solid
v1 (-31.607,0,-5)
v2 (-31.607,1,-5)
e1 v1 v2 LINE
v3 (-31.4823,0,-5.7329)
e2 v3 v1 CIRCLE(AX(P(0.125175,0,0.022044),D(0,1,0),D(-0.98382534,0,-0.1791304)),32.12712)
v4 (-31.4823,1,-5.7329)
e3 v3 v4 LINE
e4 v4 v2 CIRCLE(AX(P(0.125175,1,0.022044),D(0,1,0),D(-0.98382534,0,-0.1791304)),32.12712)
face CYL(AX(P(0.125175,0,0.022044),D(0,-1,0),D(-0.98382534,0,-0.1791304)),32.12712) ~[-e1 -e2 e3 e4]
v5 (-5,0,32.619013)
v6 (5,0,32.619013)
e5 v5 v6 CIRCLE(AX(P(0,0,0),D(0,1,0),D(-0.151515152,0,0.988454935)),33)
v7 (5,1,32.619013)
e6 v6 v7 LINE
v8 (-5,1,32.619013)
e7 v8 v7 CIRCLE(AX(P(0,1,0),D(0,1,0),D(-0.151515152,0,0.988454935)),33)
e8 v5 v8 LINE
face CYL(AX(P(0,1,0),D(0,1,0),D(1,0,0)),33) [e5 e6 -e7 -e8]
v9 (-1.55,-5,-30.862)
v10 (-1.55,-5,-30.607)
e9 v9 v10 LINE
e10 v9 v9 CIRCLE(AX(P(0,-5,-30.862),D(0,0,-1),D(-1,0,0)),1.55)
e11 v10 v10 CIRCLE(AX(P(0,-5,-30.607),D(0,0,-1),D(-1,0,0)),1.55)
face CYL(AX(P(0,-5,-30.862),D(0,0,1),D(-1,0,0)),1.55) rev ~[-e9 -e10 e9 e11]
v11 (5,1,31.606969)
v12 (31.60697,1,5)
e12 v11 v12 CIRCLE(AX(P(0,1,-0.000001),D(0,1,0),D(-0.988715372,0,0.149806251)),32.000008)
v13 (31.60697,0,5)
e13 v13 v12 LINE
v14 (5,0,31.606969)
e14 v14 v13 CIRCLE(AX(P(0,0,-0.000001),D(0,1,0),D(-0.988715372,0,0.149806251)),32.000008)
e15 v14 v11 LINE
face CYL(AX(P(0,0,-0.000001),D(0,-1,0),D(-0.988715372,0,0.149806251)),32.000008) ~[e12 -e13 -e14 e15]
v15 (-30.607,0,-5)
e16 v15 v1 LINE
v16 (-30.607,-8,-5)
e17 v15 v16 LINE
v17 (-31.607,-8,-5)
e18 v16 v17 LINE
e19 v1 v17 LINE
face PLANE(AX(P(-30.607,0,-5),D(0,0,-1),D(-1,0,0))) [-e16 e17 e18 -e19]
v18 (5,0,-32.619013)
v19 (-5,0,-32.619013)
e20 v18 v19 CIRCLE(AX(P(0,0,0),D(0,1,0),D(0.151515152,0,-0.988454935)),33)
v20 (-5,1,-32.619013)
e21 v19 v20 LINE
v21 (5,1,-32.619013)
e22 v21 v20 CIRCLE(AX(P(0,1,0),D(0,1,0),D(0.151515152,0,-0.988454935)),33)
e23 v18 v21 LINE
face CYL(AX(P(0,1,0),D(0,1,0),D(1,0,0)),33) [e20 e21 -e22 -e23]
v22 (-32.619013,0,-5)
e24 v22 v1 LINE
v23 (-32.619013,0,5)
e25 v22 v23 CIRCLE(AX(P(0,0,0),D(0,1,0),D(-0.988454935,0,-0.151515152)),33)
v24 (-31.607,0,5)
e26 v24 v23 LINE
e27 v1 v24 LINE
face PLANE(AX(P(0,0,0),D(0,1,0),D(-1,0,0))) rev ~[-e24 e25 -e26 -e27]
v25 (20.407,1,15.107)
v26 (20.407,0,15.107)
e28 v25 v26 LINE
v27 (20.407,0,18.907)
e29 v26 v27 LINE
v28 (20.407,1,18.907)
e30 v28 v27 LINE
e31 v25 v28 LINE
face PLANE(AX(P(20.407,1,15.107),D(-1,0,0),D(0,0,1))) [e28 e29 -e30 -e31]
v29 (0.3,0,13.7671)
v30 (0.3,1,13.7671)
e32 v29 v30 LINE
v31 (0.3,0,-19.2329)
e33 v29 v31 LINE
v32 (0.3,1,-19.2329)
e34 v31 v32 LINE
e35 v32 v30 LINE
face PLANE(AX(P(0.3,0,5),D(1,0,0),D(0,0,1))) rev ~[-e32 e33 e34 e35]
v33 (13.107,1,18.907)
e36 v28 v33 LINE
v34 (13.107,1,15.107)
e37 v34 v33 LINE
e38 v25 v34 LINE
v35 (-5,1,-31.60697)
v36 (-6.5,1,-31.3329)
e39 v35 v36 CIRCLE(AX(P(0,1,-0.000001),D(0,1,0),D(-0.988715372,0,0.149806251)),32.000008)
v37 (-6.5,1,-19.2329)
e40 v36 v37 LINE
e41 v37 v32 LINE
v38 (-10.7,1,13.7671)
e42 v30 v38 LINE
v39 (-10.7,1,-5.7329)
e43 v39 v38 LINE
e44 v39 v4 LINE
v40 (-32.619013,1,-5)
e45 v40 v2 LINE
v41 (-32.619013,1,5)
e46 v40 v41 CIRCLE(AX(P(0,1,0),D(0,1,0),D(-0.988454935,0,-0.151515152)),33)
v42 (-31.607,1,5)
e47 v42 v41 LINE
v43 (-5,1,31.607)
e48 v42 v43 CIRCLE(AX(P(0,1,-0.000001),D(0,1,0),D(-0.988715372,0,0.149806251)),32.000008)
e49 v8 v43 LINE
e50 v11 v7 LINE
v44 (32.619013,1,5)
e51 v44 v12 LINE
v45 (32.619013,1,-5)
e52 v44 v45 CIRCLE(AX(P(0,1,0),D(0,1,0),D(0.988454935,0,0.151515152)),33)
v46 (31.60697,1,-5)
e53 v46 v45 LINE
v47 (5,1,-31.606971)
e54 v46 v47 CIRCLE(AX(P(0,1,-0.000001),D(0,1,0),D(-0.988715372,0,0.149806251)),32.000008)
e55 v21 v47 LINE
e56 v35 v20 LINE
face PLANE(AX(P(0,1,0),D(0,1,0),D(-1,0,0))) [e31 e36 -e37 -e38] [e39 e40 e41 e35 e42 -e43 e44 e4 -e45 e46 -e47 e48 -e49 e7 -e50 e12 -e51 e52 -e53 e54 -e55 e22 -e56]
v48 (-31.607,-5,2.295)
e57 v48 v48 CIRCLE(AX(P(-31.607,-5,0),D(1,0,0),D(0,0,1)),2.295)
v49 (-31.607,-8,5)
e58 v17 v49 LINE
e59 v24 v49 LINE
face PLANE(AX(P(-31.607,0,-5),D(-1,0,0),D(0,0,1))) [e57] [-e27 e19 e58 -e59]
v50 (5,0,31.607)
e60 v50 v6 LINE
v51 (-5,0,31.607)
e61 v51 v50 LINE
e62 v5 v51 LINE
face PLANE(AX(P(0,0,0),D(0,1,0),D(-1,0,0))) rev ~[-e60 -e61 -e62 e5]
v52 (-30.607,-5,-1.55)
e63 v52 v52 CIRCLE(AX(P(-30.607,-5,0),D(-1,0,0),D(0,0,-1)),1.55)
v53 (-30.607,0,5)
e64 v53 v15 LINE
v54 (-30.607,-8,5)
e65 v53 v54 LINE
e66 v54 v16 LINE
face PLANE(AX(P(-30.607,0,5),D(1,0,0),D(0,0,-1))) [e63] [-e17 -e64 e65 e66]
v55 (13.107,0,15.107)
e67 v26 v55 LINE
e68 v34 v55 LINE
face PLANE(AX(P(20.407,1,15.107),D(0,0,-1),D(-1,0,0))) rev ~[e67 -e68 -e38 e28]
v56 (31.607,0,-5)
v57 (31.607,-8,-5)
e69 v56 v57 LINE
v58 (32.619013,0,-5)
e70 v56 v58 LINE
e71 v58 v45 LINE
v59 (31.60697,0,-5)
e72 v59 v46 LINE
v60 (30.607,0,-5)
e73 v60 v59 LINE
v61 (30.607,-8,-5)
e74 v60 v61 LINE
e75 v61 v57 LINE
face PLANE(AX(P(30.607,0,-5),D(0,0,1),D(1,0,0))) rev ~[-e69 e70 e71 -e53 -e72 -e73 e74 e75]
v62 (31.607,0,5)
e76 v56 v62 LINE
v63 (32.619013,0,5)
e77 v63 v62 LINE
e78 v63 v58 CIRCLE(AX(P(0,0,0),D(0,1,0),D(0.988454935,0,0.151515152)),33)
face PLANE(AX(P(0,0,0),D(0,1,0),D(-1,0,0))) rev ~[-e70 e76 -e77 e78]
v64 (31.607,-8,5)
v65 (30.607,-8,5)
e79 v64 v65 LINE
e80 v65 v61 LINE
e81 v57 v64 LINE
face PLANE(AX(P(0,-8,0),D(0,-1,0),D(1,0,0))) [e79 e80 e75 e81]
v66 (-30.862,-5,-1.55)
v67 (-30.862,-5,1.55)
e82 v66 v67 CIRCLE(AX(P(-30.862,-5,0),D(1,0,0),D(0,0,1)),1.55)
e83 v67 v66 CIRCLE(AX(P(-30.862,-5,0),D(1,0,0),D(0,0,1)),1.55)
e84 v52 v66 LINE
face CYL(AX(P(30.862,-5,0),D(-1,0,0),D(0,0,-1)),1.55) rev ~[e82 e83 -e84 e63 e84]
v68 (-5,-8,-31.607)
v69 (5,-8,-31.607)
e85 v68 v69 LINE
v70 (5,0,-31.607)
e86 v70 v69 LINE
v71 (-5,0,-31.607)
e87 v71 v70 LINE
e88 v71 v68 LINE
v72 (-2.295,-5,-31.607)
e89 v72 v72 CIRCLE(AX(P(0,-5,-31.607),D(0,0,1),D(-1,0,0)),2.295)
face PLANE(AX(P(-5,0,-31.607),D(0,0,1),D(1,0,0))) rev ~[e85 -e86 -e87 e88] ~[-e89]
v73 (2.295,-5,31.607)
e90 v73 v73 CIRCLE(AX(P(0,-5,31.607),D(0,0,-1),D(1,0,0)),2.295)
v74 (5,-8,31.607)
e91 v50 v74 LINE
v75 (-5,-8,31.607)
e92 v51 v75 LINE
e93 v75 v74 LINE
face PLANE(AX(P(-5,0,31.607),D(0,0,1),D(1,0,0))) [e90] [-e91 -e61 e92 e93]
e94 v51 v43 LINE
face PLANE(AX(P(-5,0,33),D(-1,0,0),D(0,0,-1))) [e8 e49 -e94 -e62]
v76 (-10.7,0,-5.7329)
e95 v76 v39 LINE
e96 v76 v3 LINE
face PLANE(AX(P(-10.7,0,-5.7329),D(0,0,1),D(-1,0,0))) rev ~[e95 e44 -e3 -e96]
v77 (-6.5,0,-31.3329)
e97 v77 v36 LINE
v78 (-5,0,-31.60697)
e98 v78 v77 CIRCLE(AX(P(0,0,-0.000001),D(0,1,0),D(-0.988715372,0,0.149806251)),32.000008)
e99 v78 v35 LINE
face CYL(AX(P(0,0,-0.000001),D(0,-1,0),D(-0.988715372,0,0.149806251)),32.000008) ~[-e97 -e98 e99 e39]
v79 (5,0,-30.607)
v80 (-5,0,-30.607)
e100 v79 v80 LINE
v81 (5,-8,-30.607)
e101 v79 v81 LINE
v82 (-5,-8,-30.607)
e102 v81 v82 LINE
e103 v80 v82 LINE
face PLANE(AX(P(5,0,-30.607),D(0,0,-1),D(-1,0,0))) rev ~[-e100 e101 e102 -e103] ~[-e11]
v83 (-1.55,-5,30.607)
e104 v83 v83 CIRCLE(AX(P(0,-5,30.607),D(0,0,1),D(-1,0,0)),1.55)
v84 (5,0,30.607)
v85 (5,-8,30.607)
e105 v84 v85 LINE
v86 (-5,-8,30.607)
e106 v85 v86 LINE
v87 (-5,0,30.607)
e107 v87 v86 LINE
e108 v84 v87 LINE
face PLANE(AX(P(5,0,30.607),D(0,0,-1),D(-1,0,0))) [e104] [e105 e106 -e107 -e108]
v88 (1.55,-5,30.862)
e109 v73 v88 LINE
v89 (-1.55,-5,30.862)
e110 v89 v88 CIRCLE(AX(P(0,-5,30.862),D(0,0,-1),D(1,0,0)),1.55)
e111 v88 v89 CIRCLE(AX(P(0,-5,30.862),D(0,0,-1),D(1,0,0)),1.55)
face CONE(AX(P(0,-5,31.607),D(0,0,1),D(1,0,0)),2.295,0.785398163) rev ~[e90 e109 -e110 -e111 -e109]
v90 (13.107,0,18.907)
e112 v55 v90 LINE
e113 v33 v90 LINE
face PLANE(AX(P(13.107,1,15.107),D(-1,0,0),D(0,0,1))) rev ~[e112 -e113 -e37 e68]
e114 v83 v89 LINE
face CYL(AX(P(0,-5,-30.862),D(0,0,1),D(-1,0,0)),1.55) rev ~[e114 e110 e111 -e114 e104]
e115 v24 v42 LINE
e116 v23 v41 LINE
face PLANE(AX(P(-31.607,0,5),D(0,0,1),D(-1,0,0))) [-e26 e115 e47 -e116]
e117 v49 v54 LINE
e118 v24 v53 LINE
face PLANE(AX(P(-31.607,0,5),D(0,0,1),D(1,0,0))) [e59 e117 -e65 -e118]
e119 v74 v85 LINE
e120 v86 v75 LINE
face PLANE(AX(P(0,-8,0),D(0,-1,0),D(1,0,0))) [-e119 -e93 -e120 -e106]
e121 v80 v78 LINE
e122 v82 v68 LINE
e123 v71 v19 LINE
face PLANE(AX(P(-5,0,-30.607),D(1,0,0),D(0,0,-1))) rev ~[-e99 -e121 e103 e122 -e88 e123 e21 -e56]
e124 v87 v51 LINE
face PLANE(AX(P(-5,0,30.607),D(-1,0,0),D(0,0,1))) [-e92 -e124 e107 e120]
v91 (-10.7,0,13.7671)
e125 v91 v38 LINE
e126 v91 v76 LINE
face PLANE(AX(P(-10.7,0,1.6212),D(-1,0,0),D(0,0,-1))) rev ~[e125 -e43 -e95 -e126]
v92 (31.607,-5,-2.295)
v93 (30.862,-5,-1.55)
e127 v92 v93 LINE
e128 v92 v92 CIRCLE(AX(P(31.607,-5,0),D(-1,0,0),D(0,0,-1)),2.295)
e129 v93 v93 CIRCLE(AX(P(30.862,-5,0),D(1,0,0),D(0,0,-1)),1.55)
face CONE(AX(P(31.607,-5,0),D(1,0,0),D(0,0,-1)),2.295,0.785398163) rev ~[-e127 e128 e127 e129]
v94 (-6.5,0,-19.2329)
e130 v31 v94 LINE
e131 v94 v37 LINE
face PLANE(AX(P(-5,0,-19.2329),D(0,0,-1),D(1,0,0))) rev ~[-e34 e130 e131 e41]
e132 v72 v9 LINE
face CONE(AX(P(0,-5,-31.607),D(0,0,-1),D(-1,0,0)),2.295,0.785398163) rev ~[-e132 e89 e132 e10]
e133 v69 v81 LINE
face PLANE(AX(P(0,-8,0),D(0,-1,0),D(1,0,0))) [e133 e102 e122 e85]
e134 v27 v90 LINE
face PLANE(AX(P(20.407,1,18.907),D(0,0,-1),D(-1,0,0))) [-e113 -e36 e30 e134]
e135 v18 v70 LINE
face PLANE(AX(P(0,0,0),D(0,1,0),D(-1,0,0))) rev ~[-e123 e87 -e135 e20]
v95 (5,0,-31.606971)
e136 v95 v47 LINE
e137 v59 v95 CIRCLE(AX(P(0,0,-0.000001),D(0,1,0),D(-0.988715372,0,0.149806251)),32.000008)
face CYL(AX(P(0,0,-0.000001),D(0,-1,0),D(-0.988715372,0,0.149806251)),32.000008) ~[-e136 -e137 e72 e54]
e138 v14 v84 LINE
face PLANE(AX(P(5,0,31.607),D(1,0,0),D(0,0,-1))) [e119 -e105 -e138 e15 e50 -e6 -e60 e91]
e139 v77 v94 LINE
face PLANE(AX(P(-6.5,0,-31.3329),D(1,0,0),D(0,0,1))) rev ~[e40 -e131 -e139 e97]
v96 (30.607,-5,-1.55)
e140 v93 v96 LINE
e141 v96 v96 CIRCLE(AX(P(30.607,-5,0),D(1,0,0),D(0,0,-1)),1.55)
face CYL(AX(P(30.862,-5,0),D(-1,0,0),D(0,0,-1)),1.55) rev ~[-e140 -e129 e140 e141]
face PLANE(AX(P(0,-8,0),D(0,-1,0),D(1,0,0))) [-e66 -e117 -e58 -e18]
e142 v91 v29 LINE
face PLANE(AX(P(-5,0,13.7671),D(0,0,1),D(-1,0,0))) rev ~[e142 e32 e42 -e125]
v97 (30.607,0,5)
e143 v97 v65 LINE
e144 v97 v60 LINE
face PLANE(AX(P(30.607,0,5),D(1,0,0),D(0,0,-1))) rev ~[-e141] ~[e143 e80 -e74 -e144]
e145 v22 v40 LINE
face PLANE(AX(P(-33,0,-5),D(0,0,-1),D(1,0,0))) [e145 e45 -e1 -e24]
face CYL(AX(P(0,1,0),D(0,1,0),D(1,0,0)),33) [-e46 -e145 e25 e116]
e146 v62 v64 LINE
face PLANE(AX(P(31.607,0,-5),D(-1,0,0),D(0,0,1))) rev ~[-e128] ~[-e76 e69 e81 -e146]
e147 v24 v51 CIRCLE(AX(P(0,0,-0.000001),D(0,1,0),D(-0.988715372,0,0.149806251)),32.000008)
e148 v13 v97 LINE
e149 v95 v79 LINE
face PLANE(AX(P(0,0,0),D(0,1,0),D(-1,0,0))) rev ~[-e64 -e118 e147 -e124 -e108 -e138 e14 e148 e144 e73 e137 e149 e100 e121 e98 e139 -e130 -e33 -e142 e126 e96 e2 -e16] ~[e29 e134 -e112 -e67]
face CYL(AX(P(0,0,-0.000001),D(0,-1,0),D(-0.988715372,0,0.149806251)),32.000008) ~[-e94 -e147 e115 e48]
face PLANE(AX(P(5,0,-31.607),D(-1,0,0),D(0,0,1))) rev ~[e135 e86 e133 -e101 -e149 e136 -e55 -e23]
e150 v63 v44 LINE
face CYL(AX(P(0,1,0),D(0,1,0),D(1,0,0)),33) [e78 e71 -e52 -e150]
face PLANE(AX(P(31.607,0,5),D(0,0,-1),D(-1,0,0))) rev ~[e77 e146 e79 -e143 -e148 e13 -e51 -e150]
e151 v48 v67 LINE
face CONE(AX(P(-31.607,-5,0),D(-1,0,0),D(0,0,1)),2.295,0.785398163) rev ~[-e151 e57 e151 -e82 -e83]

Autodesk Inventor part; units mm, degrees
ref_plane "YZ Plane" through (0, 0, 0) normal (1, 0, 0) x (0, 1, 0)
ref_plane "XZ Plane" through (0, 0, 0) normal (0, 1, 0) x (-1, 0, 0)
sketch "Sketch1" plane through (0, 0, 0) normal (0, 1, 0) x (-1, 0, 0)
  arc A0 (31.6389, 4.7938) -> (6.5, -31.3329) centre (0, 0) ccw
  line L0 (-5, 33) -> (5, 33)
  line L1 (5, 33) -> (5, 31.607)
  line L2 (5, -33) -> (-5, -33)
  line L3 (-5, -33) -> (-5, 5)
  line L4 (-5, 33) -> (5, -33) construction
  line L5 (5, 33) -> (-5, -33) construction
  line L6 (-33, 5) -> (-5, 5)
  line L7 (33, 5) -> (33, -5)
  line L8 (33, -5) -> (31.607, -5)
  line L9 (-33, -5) -> (-33, 5)
  line L10 (-33, 5) -> (33, -5) construction
  line L11 (33, 5) -> (-33, -5) construction
  arc A1 (4.7938, -31.6389) -> (6.5, -31.3329) centre (0, 0) ccw
  line L12 (6.5, -31.3329) -> (6.5, -19.2329)
  line L13 (6.5, -19.2329) -> (-0.3, -19.2329)
  line L14 (-0.3, -19.2329) -> (-0.3, -5.7329)
  line L15 (-0.3, 13.7671) -> (5, 13.7671)
  line L16 (10.7, 13.7671) -> (10.7, 5)
  line L17 (10.7, -5.7329) -> (31.4823, -5.7329)
  arc A2 (31.4823, -5.7329) -> (31.607, -5) centre (0, 0) ccw
  arc A3 (31.6389, -4.7938) -> (31.6389, 4.7938) centre (0, 0) ccw
  line L18 (5, -19.2329) -> (5, -33)
  line L19 (5, 13.7671) -> (5, 5)
  line L20 (10.7, 1.6212) -> (10.7, -5.7329)
  line L21 (-0.3, -5) -> (-0.3, 5)
  arc A4 (6.5, -31.3329) -> (10.7, -30.1581) centre (0, 0) ccw
  line L22 (5, -5) -> (0.7576, -5)
  line L23 (5, 5) -> (10.7, 5)
  line L24 (-5, 5) -> (-0.3, 5)
  line L25 (-5, -5) -> (-33, -5)
  line L26 (-5, 5) -> (-5, 33)
  line L27 (5, 5) -> (5, -5)
  line L28 (5, 31.607) -> (5, 13.7671)
  arc A5 (10.7, -30.1581) -> (31.4823, -5.7329) centre (0, 0) ccw
  arc A6 (6.5, -31.3329) -> (31.6389, -4.7938) centre (0, 0) ccw
  line L29 (-0.3, -5.7329) -> (-0.3, -5)
  line L30 (5, -5) -> (5, -5.7329)
  line L31 (10.7, 5) -> (31.607, 5)
  line L32 (10.7, -5) -> (5, -5)
  line L33 (0.7576, 5) -> (5, 5)
  line L34 (-0.3, 5) -> (0.7576, 5)
  line L35 (5, 13.7671) -> (10.7, 13.7671)
  line L36 (-0.3, 5) -> (-0.3, 13.7671)
  line L37 (31.607, 5) -> (33, 5)
  line L38 (10.7, 5) -> (10.7, 1.6212)
  line L39 (31.607, -5) -> (10.7, -5)
  line L40 (0.7576, -5) -> (-5, -5)
  line L41 (5, -5.7329) -> (5, -19.2329)
  dimension "d0" = 64
  dimension "d1" = 10
  dimension "d2" = 66
  dimension "d3" = 66
  dimension "d4" = 10
  dimension "d11" = 12.1
  dimension "d12" = 6.8
  dimension "d13" = 33
  dimension "d14" = 0.3
  dimension "d15" = 11
  dimension "d16" = 19.5
ref_plane "Work Plane1" through (0, 1, 0) normal (0, 1, 0) x (1, 0, 0)
sketch "Sketch2" plane through (0, 1, 0) normal (0, 1, 0) x (1, 0, 0)
  circle A0 centre (0, 0) radius 33
  dimension "d7" = 66
extrude "Extrusion2" [suppressed]
extrude "Extrusion3" add sketch "Sketch1" along normal blind 1 contours A3 A6 L39 L20 L38 L31 A0 | A0 L37 L7 L8 A6 A3 | L31 L16 L35 L28 A0 | L28 L15 L36 L24 L26 A0 | A0 L26 L0 L1 | A2 L17 L20 L39 | L26 L6 A0 | L6 L3 L25 A0 | A0 L25 L9 L6 | L24 L21 L40 L3 | L25 L3 A0 | L40 L29 L14 L13 L18 A0 L3 | A0 L18 L13 L12 | A0 L18 L2 L3
sketch "Sketch3" plane through (0, 0, 0) normal (0, -1, 0) x (1, 0, 0)
  line L0 (-5, -33) -> (-5, -31.607) projected
  line L1 (-5, -31.607) -> (5, -31.607)
  line L2 (5, -31.607) -> (5, -30.607)
  line L3 (5, -30.607) -> (-5, -30.607)
  line L4 (-5, -30.607) -> (-5, -31.607)
  line L5 (-33, 5) -> (-31.607, 5) projected
  line L6 (-31.607, 5) -> (-30.607, 5)
  line L7 (-30.607, 5) -> (-30.607, -5)
  line L8 (-30.607, -5) -> (-31.607, -5)
  line L9 (-31.607, -5) -> (-31.607, 5)
  line L10 (-5, 31.607) -> (-5, 33) projected
  line L11 (-5, 31.607) -> (5, 31.607)
  line L12 (5, 31.607) -> (5, 30.607)
  line L13 (5, 30.607) -> (-5, 30.607)
  line L14 (-5, 30.607) -> (-5, 31.607)
  line L15 (31.607, 5) -> (30.607, 5)
  line L16 (30.607, 5) -> (30.607, -5)
  line L17 (30.607, -5) -> (31.607, -5)
  line L18 (31.607, -5) -> (31.607, 5)
  line L19 (31.607, 5) -> (33, 5) projected
  dimension "d21" = 10
  dimension "d22" = 1
  dimension "d23" = 1
  dimension "d24" = 10
  dimension "d25" = 10
  dimension "d26" = 1
  dimension "d27" = 1
  dimension "d28" = 10
extrude "Extrusion4" add sketch "Sketch3" along normal blind 8
sketch "Sketch4" plane through (31.607, 0, 5) normal (1, 0, 0) x (0, 0, -1)
  circle A0 centre (5, -5) radius 2.295
  line L0 (0, 0) -> (10, 0) projected
  point P0 (5, 0)
  point P1 (5, 0)
  dimension "d31" = 4.59
  dimension "d32" = 5
hole "Hole1" at (31.607, -5, 0) direction (-1, 0, 0) diameter 3.1 end through all countersink diameter 4.59 countersink angle 90
pattern_circular "Circular Pattern1" count 4 over 360 about axis through (0, 0, 0) along (0, 1, 0) of "Hole1"
sketch "Sketch5" plane through (0, 1, 0) normal (0, 1, 0) x (1, 0, 0)
  circle A0 centre (0, 0) radius 33
  dimension "d43" = 66
extrude "Extrusion5" cut sketch "Sketch5" against normal blind 100 keep common part
sketch "Sketch6" plane through (0, 1, 0) normal (0, 1, 0) x (1, 0, 0)
  arc A0 (5, -31.607) -> (31.607, -5) centre (0, 0) ccw projected
  line L0 (5, -31.607) -> (5, -18.907)
  line L1 (31.607, -5) -> (20.407, -5)
  line L2 (20.407, -5) -> (20.407, -18.907)
  line L3 (20.407, -18.907) -> (5, -18.907)
  line L4 (13.107, -18.907) -> (20.407, -18.907)
  line L5 (20.407, -18.907) -> (20.407, -15.107)
  line L6 (20.407, -15.107) -> (13.107, -15.107)
  line L7 (13.107, -15.107) -> (13.107, -18.907)
  dimension "d46" = 12.7
  dimension "d47" = 11.2
  dimension "d48" = 7.3
  dimension "d49" = 3.8
extrude "Extrusion6" cut sketch "Sketch6" against normal blind 10 contours L7 L6 L2 L3
properties part number "Hull_top"
